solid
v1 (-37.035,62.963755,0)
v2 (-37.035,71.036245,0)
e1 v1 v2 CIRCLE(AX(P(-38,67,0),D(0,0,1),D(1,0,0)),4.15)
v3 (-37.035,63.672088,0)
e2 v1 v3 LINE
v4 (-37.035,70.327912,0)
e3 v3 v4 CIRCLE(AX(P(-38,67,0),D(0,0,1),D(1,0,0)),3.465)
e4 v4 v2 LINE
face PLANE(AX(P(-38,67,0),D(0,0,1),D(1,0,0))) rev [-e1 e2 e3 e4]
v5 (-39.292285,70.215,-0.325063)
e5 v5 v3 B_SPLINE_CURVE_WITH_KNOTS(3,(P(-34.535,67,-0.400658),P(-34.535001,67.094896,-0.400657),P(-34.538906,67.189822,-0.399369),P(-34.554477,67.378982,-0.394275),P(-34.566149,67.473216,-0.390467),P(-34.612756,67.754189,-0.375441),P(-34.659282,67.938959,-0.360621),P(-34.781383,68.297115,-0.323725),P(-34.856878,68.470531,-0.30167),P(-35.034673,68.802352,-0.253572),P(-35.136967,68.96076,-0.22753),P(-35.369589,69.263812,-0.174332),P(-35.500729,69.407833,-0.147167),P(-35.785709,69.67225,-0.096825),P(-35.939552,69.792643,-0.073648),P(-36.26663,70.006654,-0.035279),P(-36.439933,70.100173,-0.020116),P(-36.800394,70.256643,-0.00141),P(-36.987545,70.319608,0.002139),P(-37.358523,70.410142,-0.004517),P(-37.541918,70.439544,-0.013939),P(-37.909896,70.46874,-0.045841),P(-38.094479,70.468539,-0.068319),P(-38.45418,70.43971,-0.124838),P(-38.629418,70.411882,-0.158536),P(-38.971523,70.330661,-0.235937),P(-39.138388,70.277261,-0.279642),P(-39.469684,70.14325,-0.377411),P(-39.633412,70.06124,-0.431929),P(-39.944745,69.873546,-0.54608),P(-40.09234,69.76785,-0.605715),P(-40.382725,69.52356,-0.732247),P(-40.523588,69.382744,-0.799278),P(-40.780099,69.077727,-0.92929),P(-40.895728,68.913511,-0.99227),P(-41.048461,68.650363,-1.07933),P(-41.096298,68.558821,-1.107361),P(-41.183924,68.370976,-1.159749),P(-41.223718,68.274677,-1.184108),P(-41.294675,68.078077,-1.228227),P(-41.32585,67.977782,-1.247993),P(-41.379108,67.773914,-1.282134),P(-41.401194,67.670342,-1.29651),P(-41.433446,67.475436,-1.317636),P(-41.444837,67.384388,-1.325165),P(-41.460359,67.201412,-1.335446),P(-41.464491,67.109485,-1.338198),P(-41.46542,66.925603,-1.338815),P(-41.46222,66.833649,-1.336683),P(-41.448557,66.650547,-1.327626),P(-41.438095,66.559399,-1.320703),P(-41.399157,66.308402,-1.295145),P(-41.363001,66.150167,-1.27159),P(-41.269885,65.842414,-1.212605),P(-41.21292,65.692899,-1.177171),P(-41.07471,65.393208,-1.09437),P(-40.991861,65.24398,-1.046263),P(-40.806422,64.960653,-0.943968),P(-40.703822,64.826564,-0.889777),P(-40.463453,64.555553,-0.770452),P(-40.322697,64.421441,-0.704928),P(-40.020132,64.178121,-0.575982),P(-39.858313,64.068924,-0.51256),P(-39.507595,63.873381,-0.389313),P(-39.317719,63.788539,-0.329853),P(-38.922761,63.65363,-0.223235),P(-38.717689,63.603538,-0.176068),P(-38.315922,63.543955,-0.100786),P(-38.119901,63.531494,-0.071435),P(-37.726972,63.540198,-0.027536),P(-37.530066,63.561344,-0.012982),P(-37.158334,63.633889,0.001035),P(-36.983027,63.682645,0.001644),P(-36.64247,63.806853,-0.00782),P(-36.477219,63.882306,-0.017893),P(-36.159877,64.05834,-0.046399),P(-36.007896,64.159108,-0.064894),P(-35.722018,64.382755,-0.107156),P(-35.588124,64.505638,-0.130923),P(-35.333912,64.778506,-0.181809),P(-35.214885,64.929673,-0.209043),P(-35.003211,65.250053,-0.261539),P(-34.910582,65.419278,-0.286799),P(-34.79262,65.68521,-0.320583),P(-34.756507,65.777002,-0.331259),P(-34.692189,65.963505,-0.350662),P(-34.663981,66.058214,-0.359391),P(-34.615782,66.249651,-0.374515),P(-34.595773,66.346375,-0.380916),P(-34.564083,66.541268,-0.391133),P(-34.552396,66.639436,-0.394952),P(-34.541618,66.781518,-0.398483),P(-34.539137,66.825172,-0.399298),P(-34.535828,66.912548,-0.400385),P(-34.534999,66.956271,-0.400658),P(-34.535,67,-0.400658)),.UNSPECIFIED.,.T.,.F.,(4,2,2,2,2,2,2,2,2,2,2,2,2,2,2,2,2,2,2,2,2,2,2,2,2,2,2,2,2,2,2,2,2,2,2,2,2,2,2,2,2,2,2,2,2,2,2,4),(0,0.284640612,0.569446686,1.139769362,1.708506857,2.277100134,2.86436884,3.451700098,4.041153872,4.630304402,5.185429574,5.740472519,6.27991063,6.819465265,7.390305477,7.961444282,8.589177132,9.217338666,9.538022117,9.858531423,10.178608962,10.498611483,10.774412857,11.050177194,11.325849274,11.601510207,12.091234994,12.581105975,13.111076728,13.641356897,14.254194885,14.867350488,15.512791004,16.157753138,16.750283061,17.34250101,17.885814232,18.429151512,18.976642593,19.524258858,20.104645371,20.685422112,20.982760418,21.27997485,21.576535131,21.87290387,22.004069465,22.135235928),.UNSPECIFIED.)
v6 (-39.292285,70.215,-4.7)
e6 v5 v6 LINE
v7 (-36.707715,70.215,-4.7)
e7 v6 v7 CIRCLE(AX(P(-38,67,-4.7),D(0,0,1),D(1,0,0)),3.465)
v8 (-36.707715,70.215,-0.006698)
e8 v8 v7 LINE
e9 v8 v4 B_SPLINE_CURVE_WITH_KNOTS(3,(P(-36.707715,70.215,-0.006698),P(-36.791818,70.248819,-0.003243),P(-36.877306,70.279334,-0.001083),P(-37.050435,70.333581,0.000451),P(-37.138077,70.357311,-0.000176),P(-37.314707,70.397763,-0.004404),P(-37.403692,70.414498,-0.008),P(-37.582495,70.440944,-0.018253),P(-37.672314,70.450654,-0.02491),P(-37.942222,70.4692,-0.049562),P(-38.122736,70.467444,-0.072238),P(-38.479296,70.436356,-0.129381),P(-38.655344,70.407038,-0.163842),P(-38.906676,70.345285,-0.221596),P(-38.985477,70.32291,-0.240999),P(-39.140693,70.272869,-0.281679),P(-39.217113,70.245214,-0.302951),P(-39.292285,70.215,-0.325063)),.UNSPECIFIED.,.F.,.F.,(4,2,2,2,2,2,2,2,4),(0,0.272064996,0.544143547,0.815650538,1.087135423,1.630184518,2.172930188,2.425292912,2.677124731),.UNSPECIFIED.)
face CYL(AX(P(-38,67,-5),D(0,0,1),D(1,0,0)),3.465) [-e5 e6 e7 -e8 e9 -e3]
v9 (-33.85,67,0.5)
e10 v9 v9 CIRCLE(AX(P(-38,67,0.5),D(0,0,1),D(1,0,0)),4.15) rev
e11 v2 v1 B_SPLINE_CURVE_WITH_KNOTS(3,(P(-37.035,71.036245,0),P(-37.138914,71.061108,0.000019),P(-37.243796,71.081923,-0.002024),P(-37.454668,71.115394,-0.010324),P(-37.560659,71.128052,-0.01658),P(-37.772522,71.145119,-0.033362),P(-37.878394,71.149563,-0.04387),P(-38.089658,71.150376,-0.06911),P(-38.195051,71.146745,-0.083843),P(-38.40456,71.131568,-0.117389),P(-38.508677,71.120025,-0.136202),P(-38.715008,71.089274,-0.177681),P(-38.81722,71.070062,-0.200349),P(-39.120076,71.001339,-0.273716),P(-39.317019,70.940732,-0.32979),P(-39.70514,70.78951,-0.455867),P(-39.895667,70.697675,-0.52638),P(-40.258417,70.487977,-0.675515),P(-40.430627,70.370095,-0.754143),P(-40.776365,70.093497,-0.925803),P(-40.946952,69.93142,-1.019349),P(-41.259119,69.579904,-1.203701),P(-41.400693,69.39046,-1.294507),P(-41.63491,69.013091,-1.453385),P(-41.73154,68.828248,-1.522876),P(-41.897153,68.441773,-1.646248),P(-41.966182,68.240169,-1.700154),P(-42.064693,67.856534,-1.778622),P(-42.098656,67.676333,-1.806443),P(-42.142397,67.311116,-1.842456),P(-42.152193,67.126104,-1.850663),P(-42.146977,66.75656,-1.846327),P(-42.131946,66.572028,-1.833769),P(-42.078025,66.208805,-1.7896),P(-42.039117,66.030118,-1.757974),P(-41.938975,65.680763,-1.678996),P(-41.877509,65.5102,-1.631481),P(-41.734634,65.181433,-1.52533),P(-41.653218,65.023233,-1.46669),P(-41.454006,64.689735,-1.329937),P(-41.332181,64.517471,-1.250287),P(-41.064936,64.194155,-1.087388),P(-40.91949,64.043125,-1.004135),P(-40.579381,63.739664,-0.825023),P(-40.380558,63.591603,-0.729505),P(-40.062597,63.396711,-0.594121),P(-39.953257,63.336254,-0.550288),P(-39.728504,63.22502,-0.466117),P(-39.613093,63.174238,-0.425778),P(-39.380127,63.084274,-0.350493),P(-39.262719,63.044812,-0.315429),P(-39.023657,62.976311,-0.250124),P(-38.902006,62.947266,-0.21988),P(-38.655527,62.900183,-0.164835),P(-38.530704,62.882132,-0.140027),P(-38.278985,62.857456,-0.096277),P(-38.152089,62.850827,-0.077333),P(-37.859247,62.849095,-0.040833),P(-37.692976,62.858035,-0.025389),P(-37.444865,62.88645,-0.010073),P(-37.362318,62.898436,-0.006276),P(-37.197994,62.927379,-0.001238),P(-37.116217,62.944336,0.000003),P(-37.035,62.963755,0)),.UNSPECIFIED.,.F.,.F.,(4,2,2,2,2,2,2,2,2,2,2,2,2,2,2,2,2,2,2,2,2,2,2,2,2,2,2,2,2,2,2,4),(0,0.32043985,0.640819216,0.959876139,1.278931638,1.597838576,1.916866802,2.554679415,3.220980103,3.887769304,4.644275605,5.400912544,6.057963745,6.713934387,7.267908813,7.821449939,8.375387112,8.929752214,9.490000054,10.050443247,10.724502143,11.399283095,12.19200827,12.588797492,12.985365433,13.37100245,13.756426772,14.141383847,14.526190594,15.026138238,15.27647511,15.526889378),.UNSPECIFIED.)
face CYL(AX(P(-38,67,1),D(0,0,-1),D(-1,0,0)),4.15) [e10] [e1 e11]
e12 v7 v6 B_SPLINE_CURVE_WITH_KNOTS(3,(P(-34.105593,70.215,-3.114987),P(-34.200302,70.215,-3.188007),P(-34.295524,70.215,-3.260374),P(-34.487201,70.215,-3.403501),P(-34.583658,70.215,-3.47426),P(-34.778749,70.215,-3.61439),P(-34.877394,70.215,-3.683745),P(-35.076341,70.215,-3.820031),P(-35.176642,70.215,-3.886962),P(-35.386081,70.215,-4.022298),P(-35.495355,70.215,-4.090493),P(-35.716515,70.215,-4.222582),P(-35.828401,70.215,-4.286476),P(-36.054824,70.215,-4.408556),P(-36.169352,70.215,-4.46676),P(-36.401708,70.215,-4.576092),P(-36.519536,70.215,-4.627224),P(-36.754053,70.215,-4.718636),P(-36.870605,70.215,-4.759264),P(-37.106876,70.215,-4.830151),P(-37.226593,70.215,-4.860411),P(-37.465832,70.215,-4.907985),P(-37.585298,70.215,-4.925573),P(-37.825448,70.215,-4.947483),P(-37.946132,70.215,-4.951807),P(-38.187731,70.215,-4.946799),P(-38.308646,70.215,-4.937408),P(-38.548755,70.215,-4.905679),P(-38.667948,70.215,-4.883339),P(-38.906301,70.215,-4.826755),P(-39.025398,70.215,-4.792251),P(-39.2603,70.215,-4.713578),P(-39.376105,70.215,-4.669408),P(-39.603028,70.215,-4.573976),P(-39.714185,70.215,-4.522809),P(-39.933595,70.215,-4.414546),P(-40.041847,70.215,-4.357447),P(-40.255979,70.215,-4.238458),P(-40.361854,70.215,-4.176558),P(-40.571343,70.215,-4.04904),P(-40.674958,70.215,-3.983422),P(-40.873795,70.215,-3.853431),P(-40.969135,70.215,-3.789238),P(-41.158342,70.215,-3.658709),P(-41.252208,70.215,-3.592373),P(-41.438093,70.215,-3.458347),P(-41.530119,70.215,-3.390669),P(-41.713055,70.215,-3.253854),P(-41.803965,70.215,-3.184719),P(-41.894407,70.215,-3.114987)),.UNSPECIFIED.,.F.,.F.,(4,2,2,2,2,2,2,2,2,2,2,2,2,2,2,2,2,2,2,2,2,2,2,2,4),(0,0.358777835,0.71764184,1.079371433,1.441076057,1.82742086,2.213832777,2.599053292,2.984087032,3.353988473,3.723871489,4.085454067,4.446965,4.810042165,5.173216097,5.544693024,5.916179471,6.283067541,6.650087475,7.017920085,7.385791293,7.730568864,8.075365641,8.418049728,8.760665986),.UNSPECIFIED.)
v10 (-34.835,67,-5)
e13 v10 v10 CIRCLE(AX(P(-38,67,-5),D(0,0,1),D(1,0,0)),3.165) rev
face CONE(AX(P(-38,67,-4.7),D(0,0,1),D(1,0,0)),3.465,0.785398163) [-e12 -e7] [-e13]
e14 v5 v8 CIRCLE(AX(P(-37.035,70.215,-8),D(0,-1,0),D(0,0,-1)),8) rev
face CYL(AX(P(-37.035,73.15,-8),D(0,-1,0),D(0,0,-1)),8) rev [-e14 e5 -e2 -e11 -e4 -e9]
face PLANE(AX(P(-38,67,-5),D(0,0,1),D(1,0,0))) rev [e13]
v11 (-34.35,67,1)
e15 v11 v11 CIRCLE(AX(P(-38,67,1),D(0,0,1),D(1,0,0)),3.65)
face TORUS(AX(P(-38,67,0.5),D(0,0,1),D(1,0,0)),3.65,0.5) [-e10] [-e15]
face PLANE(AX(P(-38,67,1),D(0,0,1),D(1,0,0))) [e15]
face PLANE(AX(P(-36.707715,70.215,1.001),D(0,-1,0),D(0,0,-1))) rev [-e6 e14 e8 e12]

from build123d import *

# Parameters (mm, degrees)
ESQUISSE1_R                  = 3.465
BOSS_EXTRU_1_DEPTH           = 5
ESQUISSE2_R                  = 4.15
BOSS_EXTRU_2_DEPTH           = 1
CONG_1_R                     = 0.5
BOSS_EXTRU_3_DEPTH           = 9
BOSS_EXTRU_3_DEPTH_BACK      = 2
ENL_V_START                  = -4
ENL_V_MAT_EXTRU_1_DEPTH      = 4
CHANFREIN1_SIZE              = 0.3
ENL_V_MAT_EXTRU_2_REACH      = 84.915
ENL_V_MAT_EXTRU_2_END_RADIUS = 8


with BuildPart() as part:
    # Esquisse1 → Boss.-Extru.1 (new body)
    with BuildSketch(Plane.XY):
        with Locations((-38, 67)):
            Circle(ESQUISSE1_R)
    extrude(amount=-BOSS_EXTRU_1_DEPTH)

    # Esquisse2 → Boss.-Extru.2 (add)
    with BuildSketch(Plane.XY):
        with Locations((-38, 67)):
            Circle(ESQUISSE2_R)
    extrude(amount=BOSS_EXTRU_2_DEPTH)

    # Congé1
    cong_1_edges = [part.edges().sort_by_distance(p)[0] for p in [
        (-42.15, 67, 1),
    ]]
    fillet(cong_1_edges, radius=CONG_1_R)

    # Esquisse4 → Boss.-Extru.3 (add, two sides: drawn at the far end of the back side and taken through both)
    with BuildSketch(Plane(origin=(29.785, 71.15, 0), x_dir=(0, 0, 1), z_dir=(0, -1, 0)).offset(-BOSS_EXTRU_3_DEPTH_BACK)):
        with BuildLine():
            Line((0, 71.935), (-1.84883954, 71.935))
            ThreePointArc((-1.84883954, 71.935), (-0.476394359, 69.539440781), (0, 66.82))
            Line((0, 66.82), (0, 71.935))
        make_face()
    extrude(amount=BOSS_EXTRU_3_DEPTH + BOSS_EXTRU_3_DEPTH_BACK)

    # Esquisse5 → Enlèv. mat.-Extru.1 (cut)
    with BuildSketch(Plane.XY.offset(1).offset(ENL_V_START)):
        with BuildLine():
            Line((-37.035, 62.963754839), (-36.628505561, 58.672971398))
            Line((-36.628505561, 58.672971398), (-43.808246532, 59.466119951))
            Line((-43.808246532, 59.466119951), (-42.997006725, 73.486489438))
            Line((-42.997006725, 73.486489438), (-36.628505561, 73.524507843))
            Line((-36.628505561, 73.524507843), (-37.035, 71.036245161))
            ThreePointArc((-37.035, 71.036245161), (-40.57077323, 70.25785589), (-42.15, 67))
            ThreePointArc((-42.15, 67), (-40.57077323, 63.74214411), (-37.035, 62.963754839))
        make_face()
    extrude(amount=ENL_V_MAT_EXTRU_1_DEPTH, mode=Mode.SUBTRACT)

    # Chanfrein1
    chanfrein1_edges = [part.edges().sort_by_distance(p)[0] for p in [
        (-41.465, 67, -5),
    ]]
    chamfer(chanfrein1_edges, length=CHANFREIN1_SIZE)

    # Enlèv. mat.-Extru.2: up to this cylinder (the profile starts inside it)
    enl_v_mat_extru_2_end = Plane(origin=(-37.035, 70.315316, -8), z_dir=(0, -1, 0)) * Cylinder(ENL_V_MAT_EXTRU_2_END_RADIUS, 186.83, mode=Mode.PRIVATE)
    # Esquisse7 → Enlèv. mat.-Extru.2 (cut, up to the surface)
    with BuildSketch(Plane(origin=(0, 0, -5), x_dir=(-1, 0, 0), z_dir=(0, 0, -1)), mode=Mode.PRIVATE) as enl_v_mat_extru_2_sk1:
        with BuildLine():
            Line((36.707715202, 70.215), (39.292284798, 70.215))
            ThreePointArc((39.292284798, 70.215), (38.173107277, 70.460673182), (37.035, 70.327912258))
            ThreePointArc((37.035, 70.327912258), (36.869946479, 70.275546373), (36.707715202, 70.215))
        make_face()
    enl_v_mat_extru_2_tool1 = extrude(enl_v_mat_extru_2_sk1.sketch, amount=-ENL_V_MAT_EXTRU_2_REACH, mode=Mode.PRIVATE) & enl_v_mat_extru_2_end
    add(enl_v_mat_extru_2_tool1.solids().sort_by_distance((-38, 70.315316, -5))[0], mode=Mode.SUBTRACT)


solid = part.part
